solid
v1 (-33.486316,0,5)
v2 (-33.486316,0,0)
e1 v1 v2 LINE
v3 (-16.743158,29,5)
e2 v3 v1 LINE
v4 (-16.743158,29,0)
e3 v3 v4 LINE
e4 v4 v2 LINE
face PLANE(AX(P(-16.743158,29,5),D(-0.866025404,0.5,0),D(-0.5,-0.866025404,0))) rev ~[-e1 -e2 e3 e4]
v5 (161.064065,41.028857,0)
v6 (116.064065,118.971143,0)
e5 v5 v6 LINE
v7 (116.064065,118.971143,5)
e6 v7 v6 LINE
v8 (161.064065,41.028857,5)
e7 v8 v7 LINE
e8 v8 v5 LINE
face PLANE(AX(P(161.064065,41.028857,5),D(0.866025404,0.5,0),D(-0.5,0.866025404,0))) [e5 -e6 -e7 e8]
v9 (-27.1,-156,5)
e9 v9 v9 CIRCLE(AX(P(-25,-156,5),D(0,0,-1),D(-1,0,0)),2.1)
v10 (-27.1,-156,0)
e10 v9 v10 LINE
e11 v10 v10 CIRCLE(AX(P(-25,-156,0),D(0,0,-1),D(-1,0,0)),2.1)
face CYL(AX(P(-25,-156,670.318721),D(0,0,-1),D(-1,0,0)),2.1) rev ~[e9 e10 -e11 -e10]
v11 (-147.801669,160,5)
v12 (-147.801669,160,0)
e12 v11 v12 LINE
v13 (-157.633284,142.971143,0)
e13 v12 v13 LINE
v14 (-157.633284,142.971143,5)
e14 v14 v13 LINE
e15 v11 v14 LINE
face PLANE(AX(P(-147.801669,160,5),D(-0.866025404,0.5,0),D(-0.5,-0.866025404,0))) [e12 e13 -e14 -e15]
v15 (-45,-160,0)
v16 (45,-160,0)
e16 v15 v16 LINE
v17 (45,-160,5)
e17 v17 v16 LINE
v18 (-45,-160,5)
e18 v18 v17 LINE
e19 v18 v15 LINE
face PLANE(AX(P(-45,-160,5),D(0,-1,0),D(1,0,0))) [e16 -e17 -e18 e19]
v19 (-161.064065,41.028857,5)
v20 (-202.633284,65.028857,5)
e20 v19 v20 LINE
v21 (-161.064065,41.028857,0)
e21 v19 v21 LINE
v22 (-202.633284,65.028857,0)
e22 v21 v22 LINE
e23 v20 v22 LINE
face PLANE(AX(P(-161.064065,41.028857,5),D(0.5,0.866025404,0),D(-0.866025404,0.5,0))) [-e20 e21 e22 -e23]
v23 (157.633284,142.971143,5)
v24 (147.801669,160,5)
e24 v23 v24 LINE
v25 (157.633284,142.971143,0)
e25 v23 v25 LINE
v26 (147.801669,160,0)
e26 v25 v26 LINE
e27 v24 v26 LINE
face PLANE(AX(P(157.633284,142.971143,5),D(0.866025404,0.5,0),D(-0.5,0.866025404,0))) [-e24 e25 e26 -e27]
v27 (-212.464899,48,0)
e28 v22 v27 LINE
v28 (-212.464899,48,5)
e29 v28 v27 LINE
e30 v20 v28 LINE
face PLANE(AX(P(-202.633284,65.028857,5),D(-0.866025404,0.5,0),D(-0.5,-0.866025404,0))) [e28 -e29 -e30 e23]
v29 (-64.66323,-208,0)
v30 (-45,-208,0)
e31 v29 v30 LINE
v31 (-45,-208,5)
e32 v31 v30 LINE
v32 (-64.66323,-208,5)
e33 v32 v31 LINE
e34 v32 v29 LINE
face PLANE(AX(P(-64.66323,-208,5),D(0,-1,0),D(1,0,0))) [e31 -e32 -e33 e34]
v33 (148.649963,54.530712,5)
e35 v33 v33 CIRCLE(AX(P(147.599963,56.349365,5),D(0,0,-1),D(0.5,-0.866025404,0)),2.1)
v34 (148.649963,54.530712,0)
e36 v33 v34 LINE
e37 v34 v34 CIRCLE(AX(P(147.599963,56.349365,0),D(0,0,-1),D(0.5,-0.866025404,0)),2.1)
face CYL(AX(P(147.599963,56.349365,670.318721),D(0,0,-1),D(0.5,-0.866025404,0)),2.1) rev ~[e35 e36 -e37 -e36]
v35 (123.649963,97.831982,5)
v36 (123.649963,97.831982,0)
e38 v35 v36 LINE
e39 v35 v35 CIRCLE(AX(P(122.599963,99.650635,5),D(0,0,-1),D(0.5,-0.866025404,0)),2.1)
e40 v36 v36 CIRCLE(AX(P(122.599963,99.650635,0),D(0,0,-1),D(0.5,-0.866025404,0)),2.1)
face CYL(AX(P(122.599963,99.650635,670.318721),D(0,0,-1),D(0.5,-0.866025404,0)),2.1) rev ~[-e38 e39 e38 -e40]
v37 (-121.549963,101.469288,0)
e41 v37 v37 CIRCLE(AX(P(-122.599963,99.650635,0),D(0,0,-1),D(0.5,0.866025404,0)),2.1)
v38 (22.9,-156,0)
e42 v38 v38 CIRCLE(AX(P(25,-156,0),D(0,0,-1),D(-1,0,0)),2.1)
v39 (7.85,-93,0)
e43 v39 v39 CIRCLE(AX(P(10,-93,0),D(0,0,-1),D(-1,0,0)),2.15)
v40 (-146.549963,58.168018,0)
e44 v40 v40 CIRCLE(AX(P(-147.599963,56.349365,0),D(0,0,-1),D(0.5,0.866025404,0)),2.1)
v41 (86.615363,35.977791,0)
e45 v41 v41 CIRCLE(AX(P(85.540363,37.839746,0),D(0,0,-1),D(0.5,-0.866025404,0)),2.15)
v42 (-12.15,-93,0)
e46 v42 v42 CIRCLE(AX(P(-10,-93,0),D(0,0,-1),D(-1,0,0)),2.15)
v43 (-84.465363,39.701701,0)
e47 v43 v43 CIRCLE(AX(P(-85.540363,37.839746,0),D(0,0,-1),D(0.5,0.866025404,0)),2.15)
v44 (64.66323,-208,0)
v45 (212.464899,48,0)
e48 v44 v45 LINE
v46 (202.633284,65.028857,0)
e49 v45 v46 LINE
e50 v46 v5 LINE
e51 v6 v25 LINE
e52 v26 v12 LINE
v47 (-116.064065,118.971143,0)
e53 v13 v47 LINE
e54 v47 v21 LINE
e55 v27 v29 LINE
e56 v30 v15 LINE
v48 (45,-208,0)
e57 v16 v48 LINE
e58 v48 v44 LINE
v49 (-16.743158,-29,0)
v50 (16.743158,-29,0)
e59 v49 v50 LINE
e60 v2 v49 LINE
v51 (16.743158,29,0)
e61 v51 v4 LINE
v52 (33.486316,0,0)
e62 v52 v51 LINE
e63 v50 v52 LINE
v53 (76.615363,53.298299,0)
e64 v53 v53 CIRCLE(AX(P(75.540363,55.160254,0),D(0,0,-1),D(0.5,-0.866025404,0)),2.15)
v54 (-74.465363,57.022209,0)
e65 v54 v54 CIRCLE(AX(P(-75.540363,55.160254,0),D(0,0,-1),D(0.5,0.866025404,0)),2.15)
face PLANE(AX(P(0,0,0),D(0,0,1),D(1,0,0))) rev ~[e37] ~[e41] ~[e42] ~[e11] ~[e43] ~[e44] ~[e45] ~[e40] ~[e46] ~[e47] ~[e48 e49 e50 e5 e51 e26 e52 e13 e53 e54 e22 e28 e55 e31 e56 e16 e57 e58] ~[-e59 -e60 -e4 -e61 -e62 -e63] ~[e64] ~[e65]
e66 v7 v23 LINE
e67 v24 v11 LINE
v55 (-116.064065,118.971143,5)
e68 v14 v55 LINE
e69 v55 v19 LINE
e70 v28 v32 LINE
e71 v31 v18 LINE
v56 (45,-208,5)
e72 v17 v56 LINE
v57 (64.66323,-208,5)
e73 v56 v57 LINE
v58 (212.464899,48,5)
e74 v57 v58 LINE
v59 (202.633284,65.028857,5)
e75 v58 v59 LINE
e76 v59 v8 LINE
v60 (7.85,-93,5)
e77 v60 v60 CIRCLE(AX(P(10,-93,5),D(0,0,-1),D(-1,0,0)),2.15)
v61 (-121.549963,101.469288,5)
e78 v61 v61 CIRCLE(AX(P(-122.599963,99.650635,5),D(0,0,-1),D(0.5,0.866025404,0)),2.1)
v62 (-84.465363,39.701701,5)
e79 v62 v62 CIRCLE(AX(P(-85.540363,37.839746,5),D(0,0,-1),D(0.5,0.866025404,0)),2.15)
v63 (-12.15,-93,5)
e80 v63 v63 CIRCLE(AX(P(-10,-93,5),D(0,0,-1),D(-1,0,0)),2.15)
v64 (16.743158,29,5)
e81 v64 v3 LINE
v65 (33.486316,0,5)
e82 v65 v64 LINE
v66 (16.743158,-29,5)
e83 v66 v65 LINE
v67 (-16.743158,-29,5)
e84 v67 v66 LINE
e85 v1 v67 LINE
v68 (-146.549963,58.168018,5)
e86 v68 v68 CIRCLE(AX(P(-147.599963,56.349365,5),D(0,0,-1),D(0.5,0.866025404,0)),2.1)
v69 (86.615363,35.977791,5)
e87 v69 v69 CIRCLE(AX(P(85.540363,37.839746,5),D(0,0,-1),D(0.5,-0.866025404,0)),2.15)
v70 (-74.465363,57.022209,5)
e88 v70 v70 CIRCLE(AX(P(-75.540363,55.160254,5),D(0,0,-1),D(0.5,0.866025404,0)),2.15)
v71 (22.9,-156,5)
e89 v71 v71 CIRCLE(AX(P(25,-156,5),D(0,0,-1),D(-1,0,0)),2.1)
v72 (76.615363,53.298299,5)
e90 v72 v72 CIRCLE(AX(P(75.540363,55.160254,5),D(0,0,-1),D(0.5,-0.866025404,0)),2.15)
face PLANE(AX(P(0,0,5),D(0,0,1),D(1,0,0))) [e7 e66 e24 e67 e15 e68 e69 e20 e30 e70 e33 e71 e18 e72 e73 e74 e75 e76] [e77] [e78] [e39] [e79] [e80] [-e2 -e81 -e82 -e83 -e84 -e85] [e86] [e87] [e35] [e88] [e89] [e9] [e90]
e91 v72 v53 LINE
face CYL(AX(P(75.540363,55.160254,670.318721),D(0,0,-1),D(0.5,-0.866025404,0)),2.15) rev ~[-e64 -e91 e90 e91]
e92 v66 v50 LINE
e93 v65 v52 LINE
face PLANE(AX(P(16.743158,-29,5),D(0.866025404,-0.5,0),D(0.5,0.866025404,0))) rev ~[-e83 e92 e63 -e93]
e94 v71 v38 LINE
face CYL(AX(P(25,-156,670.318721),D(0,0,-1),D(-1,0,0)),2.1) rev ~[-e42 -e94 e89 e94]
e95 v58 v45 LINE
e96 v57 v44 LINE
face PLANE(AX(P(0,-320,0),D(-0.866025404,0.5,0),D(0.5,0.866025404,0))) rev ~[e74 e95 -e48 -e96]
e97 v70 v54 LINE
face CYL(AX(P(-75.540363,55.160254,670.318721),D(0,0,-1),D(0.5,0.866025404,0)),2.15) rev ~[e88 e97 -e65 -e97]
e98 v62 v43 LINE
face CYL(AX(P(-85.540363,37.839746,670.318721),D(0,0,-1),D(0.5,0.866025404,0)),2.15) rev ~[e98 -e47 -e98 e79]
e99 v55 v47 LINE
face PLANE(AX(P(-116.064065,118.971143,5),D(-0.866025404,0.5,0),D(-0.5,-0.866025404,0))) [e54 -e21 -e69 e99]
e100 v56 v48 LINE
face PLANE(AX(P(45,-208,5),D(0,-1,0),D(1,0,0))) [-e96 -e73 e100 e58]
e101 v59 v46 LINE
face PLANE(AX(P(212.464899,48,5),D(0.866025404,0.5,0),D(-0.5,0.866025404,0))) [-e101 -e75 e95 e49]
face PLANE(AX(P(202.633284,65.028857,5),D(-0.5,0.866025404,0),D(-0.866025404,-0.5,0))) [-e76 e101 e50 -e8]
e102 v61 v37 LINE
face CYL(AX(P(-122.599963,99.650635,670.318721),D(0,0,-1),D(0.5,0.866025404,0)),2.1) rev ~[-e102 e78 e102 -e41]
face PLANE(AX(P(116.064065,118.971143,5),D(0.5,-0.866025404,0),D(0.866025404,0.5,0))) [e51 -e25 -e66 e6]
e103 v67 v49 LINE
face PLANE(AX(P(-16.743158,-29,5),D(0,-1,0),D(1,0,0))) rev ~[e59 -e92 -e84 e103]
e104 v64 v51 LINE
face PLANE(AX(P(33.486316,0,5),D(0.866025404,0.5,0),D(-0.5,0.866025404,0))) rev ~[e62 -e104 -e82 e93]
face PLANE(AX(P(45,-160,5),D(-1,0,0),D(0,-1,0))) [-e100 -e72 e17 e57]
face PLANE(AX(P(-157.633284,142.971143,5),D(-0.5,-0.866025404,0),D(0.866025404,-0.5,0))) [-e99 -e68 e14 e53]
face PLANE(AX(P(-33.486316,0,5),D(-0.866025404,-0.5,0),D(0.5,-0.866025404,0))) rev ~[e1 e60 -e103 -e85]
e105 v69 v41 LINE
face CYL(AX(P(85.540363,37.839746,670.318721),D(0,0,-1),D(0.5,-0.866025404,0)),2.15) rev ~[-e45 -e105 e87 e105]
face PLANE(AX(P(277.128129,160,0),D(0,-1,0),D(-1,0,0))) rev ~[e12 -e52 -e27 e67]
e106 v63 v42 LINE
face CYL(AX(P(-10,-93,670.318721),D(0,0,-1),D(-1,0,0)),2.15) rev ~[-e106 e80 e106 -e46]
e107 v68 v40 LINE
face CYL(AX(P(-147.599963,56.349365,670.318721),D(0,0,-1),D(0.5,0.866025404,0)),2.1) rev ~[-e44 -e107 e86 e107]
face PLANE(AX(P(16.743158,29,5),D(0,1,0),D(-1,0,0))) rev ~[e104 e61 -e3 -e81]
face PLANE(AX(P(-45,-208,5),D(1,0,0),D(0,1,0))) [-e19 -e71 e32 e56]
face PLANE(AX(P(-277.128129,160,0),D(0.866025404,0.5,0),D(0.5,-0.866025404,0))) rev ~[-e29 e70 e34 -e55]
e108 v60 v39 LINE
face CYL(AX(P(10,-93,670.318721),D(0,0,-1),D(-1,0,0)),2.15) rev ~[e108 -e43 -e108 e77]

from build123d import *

# Parameters (mm, degrees)
EXTRUDE_1_DEPTH          = 5
CUT_EXTRUDE_1_DEPTH      = 424.349737215
M5X0_8_1_D               = 4.2
HOLE_WIZARD_M4_1_D       = 4.3
PATTERN_CIRCULAR_1_COUNT = 3
CUT_EXTRUDE_2_DEPTH      = 298.372381591


with BuildPart() as part:
    # 草圖1 → 填料-伸長1 (new body)
    with BuildSketch(Plane.XY):
        Polygon((0, -320), (277.128129211, 160), (-277.128129211, 160), align=None)
    extrude(amount=EXTRUDE_1_DEPTH)

    # 草圖6 → 除料-伸長1 (cut, through all)
    with BuildSketch(Plane.XY.offset(5)):
        Polygon((-64.663230149, -208), (-45, -208), (-45, -160), (45, -160), (45, -208), (64.663230149, -208), (0, -320), align=None)
    cut_extrude_1 = extrude(amount=-CUT_EXTRUDE_1_DEPTH, mode=Mode.SUBTRACT)

    # M5x0.8 螺紋孔1 (through all)
    with Locations(Plane.XY.offset(5)):
        with Locations((25, -156), (-25, -156)):
            m5x0_8_1 = Hole(M5X0_8_1_D / 2)

    # M4 餘隙孔1 (through all)
    with Locations(Plane.XY.offset(5)):
        with Locations((10, -93), (-10, -93)):
            hole_wizard_m4_1 = Hole(HOLE_WIZARD_M4_1_D / 2)

    # 環狀複製排列1: 除料-伸長1, M5x0.8 螺紋孔1, M4 餘隙孔1 ×3 about axis
    pattern_circular_1_axis = Axis((0, 0, -0.25), (0, 0, 1))
    add([cut_extrude_1.rotate(pattern_circular_1_axis, i * 360 / PATTERN_CIRCULAR_1_COUNT) for i in range(1, PATTERN_CIRCULAR_1_COUNT)], mode=Mode.SUBTRACT)
    add([m5x0_8_1.rotate(pattern_circular_1_axis, i * 360 / PATTERN_CIRCULAR_1_COUNT) for i in range(1, PATTERN_CIRCULAR_1_COUNT)], mode=Mode.SUBTRACT)
    add([hole_wizard_m4_1.rotate(pattern_circular_1_axis, i * 360 / PATTERN_CIRCULAR_1_COUNT) for i in range(1, PATTERN_CIRCULAR_1_COUNT)], mode=Mode.SUBTRACT)

    # 草圖11 → 除料-伸長2 (cut, through all)
    with BuildSketch(Plane.XY.offset(5)):
        Polygon((33.486315613, 0), (16.743157806, 29), (-16.743157806, 29), (-33.486315613, 0), (-16.743157806, -29), (16.743157806, -29), align=None)
    extrude(amount=-CUT_EXTRUDE_2_DEPTH, mode=Mode.SUBTRACT)


solid = part.part
